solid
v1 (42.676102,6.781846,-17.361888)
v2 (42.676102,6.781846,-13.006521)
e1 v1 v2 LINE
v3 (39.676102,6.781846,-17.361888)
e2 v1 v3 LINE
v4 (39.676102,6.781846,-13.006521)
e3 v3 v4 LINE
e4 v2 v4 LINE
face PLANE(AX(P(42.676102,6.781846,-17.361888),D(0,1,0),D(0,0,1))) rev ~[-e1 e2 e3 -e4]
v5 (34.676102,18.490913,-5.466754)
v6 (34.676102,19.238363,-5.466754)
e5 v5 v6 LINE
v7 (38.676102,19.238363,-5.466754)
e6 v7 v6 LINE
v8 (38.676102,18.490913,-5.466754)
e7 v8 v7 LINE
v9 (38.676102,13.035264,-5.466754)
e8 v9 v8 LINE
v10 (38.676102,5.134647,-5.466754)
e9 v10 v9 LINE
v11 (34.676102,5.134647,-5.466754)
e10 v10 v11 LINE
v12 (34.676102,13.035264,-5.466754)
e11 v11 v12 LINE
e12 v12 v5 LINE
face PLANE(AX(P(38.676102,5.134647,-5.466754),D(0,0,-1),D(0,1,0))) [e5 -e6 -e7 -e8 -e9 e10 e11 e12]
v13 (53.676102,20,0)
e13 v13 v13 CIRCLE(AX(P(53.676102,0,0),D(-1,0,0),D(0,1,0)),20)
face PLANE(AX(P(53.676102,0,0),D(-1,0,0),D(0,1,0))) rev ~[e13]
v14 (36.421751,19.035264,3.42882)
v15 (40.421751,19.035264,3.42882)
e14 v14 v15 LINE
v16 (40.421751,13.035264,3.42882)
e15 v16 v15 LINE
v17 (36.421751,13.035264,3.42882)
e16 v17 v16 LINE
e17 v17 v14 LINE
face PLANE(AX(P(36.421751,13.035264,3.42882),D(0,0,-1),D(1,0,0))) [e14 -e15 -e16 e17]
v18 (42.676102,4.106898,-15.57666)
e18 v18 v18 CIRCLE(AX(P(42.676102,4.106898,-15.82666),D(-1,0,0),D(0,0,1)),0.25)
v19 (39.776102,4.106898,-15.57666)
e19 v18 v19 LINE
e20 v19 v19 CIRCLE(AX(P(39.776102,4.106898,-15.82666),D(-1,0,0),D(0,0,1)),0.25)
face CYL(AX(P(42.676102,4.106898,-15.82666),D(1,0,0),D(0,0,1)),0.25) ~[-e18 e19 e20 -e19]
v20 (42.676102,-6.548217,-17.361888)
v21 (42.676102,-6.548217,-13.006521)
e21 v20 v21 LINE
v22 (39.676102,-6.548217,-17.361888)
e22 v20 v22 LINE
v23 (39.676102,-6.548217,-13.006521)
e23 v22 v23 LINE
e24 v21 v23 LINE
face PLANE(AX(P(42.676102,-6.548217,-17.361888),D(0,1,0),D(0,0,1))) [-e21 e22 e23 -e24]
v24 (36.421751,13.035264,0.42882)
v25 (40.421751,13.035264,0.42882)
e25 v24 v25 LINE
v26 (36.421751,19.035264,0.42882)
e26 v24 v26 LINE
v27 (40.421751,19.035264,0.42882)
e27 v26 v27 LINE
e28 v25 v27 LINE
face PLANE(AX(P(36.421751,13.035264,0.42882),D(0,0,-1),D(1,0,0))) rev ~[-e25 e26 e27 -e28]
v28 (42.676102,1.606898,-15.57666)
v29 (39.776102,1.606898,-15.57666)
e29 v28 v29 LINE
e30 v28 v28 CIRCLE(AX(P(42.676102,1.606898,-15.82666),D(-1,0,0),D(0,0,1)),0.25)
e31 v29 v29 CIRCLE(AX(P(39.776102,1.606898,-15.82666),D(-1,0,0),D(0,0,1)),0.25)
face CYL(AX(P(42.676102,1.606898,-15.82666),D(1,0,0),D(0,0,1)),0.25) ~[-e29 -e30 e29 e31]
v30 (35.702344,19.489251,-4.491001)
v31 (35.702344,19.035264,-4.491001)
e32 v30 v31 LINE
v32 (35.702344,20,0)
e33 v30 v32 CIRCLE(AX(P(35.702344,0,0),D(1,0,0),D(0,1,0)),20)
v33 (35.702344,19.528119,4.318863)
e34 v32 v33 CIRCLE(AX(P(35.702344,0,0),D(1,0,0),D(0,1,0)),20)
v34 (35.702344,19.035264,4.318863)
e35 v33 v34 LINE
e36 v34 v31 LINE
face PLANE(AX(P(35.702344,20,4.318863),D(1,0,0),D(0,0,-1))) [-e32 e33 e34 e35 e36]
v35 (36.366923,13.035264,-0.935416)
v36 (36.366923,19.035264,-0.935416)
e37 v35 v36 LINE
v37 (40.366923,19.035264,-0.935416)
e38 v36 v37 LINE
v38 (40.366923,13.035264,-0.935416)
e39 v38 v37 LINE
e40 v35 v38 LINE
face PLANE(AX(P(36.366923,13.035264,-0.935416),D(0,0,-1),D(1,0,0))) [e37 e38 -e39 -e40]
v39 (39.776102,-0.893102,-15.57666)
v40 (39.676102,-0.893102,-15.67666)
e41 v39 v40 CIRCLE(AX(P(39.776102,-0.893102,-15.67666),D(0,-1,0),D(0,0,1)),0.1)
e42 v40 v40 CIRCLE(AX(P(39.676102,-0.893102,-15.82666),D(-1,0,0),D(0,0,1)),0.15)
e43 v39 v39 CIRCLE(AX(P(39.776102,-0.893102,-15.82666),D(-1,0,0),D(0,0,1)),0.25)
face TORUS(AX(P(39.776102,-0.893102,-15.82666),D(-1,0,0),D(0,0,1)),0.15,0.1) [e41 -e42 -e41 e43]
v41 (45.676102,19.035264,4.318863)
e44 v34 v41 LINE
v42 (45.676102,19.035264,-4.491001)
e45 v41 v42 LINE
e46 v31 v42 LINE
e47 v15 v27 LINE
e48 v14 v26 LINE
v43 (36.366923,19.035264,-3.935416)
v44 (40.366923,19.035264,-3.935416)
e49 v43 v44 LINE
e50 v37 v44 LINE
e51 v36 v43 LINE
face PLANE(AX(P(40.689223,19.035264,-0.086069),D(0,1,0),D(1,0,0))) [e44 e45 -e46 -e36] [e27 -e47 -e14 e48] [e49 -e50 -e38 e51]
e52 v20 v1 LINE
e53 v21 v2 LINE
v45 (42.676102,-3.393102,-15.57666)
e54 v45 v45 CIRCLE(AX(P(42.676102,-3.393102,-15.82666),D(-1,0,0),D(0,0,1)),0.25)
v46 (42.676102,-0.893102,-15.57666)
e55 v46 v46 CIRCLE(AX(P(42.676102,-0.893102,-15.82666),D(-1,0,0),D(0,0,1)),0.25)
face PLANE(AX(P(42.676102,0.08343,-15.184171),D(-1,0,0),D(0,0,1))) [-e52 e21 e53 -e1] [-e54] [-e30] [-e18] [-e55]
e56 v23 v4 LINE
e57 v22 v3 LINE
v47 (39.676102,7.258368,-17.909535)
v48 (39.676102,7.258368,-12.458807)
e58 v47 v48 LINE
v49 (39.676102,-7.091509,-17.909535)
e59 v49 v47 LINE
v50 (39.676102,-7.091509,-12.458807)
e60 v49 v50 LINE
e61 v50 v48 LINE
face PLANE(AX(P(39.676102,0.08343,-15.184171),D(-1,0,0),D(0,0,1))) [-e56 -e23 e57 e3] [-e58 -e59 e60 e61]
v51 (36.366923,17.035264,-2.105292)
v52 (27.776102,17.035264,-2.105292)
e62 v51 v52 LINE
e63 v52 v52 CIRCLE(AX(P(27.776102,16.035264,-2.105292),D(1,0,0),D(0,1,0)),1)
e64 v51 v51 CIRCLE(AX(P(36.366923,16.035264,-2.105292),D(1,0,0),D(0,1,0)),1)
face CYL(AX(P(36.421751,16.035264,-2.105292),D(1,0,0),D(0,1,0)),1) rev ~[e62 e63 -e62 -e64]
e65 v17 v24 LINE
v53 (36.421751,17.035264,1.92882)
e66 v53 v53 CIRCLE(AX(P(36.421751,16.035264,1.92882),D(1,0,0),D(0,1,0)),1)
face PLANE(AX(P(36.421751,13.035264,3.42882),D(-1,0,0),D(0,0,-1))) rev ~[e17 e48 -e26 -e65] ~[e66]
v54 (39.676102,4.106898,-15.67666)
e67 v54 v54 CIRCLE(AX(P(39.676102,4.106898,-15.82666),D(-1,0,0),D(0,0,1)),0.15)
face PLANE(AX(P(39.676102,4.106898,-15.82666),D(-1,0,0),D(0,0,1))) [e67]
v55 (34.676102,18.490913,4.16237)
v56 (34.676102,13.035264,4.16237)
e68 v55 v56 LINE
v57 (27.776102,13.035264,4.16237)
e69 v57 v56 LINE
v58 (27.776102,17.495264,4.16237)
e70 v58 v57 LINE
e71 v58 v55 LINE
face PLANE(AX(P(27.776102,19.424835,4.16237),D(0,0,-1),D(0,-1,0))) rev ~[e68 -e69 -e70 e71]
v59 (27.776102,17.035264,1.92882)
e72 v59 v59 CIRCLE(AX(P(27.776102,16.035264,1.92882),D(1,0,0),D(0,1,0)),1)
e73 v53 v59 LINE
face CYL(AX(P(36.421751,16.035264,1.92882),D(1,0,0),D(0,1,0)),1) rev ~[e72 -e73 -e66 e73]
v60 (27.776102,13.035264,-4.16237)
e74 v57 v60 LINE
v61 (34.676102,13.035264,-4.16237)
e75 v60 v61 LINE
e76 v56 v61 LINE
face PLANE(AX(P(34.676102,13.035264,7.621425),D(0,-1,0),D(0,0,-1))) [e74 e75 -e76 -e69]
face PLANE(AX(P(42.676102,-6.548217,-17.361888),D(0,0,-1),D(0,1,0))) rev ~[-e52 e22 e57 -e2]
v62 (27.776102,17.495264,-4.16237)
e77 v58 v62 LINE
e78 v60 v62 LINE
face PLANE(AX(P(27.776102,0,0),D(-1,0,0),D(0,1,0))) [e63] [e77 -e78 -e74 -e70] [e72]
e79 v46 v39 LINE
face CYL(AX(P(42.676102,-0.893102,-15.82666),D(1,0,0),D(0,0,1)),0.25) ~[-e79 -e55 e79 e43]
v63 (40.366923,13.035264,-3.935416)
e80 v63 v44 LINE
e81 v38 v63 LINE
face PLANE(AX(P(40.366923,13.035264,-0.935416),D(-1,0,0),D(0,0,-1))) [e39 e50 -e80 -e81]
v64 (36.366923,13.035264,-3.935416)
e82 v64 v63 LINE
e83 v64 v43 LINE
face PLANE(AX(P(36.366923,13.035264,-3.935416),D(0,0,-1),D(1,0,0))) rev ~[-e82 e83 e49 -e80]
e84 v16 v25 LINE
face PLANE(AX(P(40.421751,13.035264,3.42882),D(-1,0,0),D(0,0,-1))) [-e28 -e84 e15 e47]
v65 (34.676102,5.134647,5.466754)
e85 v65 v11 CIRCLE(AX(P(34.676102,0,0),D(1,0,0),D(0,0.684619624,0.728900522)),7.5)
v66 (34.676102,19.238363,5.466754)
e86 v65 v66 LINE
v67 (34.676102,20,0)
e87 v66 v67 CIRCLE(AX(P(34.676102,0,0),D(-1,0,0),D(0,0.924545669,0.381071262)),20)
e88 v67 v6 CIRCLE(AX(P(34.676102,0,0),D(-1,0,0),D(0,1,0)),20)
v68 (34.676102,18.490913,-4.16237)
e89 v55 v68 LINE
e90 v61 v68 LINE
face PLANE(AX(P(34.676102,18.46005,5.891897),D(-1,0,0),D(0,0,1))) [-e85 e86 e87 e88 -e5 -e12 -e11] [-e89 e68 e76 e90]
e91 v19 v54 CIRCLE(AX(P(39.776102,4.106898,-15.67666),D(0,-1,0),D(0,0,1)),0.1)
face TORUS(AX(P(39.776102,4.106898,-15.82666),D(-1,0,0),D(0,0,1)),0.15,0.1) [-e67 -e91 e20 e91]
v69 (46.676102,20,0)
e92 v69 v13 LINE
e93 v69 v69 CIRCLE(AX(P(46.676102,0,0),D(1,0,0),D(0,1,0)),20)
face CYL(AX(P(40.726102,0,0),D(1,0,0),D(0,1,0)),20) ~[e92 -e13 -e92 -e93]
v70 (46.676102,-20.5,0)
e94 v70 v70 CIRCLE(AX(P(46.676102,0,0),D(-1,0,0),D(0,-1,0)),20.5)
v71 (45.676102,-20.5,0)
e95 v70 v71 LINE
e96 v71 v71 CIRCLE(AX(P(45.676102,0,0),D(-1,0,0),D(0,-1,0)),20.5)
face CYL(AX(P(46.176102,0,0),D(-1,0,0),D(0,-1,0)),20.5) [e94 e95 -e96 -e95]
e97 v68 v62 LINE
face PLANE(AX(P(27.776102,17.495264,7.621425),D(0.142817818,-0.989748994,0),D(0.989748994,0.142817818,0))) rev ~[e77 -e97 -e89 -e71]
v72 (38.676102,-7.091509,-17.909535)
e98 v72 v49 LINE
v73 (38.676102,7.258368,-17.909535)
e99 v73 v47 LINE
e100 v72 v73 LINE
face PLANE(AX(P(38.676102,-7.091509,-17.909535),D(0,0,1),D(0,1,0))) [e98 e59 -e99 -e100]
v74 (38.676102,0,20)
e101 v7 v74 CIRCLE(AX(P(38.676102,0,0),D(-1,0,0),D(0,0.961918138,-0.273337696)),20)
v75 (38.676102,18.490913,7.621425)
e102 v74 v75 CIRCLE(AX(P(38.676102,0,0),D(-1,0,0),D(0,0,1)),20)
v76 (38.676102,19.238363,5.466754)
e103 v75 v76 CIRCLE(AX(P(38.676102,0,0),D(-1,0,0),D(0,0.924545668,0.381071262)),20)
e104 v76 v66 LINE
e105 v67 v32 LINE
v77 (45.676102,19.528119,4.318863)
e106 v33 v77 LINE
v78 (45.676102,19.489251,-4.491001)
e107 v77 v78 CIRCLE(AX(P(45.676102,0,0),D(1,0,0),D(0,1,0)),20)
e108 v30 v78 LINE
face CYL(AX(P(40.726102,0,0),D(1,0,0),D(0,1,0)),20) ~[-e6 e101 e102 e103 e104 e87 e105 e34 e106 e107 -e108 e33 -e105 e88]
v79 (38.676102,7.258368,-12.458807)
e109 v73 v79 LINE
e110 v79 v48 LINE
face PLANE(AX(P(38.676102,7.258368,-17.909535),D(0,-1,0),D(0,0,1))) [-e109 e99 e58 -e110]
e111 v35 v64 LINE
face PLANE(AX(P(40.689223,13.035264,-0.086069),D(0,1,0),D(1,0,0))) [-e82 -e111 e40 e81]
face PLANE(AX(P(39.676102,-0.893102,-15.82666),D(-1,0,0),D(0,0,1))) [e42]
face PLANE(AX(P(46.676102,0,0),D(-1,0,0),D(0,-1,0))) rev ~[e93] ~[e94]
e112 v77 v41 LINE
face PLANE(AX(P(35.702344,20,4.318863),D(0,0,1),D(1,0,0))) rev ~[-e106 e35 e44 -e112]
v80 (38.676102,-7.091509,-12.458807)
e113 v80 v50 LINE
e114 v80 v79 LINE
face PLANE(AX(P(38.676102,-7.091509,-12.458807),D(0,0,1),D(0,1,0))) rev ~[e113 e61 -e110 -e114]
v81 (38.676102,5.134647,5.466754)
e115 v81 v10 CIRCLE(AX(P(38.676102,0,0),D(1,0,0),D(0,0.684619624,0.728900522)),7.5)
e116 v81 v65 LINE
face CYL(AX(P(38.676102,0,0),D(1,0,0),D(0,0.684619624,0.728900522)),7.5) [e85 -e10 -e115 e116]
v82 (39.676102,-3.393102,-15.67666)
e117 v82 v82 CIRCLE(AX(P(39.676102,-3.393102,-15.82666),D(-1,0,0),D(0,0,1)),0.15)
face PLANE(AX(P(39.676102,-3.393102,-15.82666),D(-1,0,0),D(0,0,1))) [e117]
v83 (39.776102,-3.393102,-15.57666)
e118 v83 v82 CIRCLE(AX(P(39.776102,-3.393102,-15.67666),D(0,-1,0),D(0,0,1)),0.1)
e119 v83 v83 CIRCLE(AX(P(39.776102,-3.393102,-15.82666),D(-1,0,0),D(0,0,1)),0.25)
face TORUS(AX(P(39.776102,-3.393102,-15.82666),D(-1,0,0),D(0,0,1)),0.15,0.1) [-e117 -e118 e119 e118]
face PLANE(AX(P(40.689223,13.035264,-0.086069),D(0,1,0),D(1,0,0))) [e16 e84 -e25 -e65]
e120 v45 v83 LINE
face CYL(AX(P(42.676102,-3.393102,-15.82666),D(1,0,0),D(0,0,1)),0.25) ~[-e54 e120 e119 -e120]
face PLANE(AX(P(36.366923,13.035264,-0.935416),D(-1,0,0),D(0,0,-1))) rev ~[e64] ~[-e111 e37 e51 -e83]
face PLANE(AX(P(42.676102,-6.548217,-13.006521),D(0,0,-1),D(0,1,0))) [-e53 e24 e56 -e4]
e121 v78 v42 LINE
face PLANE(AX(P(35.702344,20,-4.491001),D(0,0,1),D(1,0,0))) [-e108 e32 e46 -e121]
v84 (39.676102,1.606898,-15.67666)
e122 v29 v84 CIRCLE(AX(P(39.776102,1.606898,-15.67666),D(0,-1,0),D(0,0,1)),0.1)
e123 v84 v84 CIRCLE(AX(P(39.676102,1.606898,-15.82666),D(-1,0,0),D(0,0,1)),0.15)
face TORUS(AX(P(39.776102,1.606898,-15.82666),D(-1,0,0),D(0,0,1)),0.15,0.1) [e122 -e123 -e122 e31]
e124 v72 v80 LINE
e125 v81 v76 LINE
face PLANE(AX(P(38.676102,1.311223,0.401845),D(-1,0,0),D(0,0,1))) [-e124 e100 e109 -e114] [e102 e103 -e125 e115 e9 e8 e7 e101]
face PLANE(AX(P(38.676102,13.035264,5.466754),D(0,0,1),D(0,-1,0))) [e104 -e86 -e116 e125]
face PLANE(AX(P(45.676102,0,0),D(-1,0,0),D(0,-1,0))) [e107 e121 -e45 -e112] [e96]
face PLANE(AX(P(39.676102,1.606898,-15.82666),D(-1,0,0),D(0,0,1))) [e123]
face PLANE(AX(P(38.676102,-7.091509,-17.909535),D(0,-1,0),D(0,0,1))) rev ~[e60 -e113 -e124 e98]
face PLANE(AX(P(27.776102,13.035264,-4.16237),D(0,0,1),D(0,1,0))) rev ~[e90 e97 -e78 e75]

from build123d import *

# Parameters (mm, degrees)
SKETCH1_W           = 25.9
SKETCH1_H           = 20
CUT_EXTRUDE1_START  = -6.9
CUT_EXTRUDE1_DEPTH  = 6.9
CUT_EXTRUDE3_DEPTH  = 37.9
CUT_EXTRUDE4_START  = -4
CUT_EXTRUDE4_DEPTH  = 4
SKETCH5_W           = 3.079292118
SKETCH5_H           = 1.929571357
SKETCH5_H_2         = 4.46
SKETCH5_W_2         = 3.459055715
CUT_EXTRUDE5_DEPTH  = 6.9
CUT_EXTRUDE6_START  = -4
SKETCH6_W           = 1.774907729
SKETCH6_H           = 5.455649351
CUT_EXTRUDE6_DEPTH  = 4
SKETCH7_R           = 20.5
BOSS_EXTRUDE1_DEPTH = 0.5
SKETCH8_W           = 5.450728154
SKETCH8_H           = 14.349876159
CUT_EXTRUDE7_DEPTH  = 4
SKETCH9_W           = 5.450728154
SKETCH9_H           = 14.349876159
SKETCH9_W_2         = 4.355367047
SKETCH9_H_2         = 13.330062778
BOSS_EXTRUDE2_DEPTH = 3
SKETCH10_R          = 0.25
BOSS_EXTRUDE3_DEPTH = 3
FILLET1_R           = 0.1
FILLET2_R           = 0.1
FILLET3_R           = 0.1
FILLET4_R           = 0.1
SKETCH11_W          = 9.973758266
SKETCH11_H          = 8.809863574
CUT_EXTRUDE8_DEPTH  = 6.964735979
SKETCH12_W          = 9.973758266
SKETCH12_H          = 8.809863574
SKETCH12_W_2        = 4
SKETCH12_H_2        = 3
BOSS_EXTRUDE4_DEPTH = 6
SKETCH14_R          = 1
CUT_EXTRUDE9_DEPTH  = 12


with BuildPart() as part:
    # Sketch1 → Revolve1 (revolve)
    with BuildSketch(Plane.XY, mode=Mode.PRIVATE) as revolve1_sk:
        with Locations((40.726102109, -10)):
            Rectangle(SKETCH1_W, SKETCH1_H)
    revolve(revolve1_sk.sketch.rotate(Axis((71.094105119, 0, 0), (-1, 0, 0)), 180), axis=Axis((71.094105119, 0, 0), (-1, 0, 0)))

    # Sketch2 → Cut-Extrude1 (cut)
    with BuildSketch(Plane.ZY.offset(-27.776102109).offset(CUT_EXTRUDE1_START)):
        with BuildLine():
            ThreePointArc((7.621425239, 18.490913372), (0.204527107, 19.998954189), (-7.241661642, 18.642916528))
            Line((-7.241661642, 18.642916528), (7.621425239, 18.490913372))
        make_face()
        with BuildLine():
            Line((-7.241661642, 13.035264021), (-7.241661642, 18.642916528))
            ThreePointArc((-7.241661642, 18.642916528), (-11.295281474, -16.50504821), (20, 0))
            ThreePointArc((20, 0), (16.619694714, 11.12590435), (7.621425239, 18.490913372))
            Line((7.621425239, 18.490913372), (7.621425239, 13.035264021))
            Line((7.621425239, 13.035264021), (-7.241661642, 13.035264021))
        make_face()
    extrude(amount=CUT_EXTRUDE1_DEPTH, mode=Mode.SUBTRACT)

    # Sketch3 → Cut-Extrude3 (cut)
    with BuildSketch(Plane.XY.offset(7.621425239)):
        Polygon((27.776102109, 17.495264021), (34.676102109, 18.490913372), (27.776102109, 18.490913372), align=None)
        Polygon((27.776102109, 18.490913372), (34.676102109, 18.490913372), (34.676102109, 18.667614819), (27.776102109, 19.075412015), align=None)
    extrude(amount=-CUT_EXTRUDE3_DEPTH, mode=Mode.SUBTRACT)

    # Sketch4 → Cut-Extrude4 (cut)
    with BuildSketch(Plane.ZY.offset(-34.676102109).offset(CUT_EXTRUDE4_START)):
        with BuildLine():
            ThreePointArc((5.466753913, 5.13464718), (0, -7.5), (-5.466753913, 5.13464718))
            Line((-5.466753913, 5.13464718), (-5.466753913, 13.035264021))
            Line((-5.466753913, 13.035264021), (-7.241661642, 13.035264021))
            Line((-7.241661642, 13.035264021), (-7.241661642, 18.490913372))
            Line((-7.241661642, 18.490913372), (-5.466753913, 18.490913372))
            Line((-5.466753913, 18.490913372), (-5.466753913, 19.238362759))
            ThreePointArc((-5.466753913, 19.238362759), (-12.055391361, -15.958306274), (20, 0))
            ThreePointArc((20, 0), (16.619694714, 11.12590435), (7.621425239, 18.490913372))
            Line((7.621425239, 18.490913372), (7.621425239, 13.035264021))
            Line((7.621425239, 13.035264021), (5.466753913, 13.035264021))
            Line((5.466753913, 13.035264021), (5.466753913, 5.13464718))
        make_face()
    extrude(amount=CUT_EXTRUDE4_DEPTH, mode=Mode.SUBTRACT)

    # Sketch5 → Cut-Extrude5 (cut)
    with BuildSketch(Plane.ZY.offset(-27.776102109)):
        with Locations((-5.702015583, 18.4600497)):
            Rectangle(SKETCH5_W, SKETCH5_H)
        with Locations((-5.702015583, 15.265264021)):
            Rectangle(SKETCH5_W, SKETCH5_H_2)
        with Locations((5.891897381, 18.4600497)):
            Rectangle(SKETCH5_W_2, SKETCH5_H)
        with Locations((5.891897381, 15.265264021)):
            Rectangle(SKETCH5_W_2, SKETCH5_H_2)
    extrude(amount=-CUT_EXTRUDE5_DEPTH, mode=Mode.SUBTRACT)

    # Sketch6 → Cut-Extrude6 (cut)
    with BuildSketch(Plane.ZY.offset(-34.676102109).offset(CUT_EXTRUDE6_START)):
        with BuildLine():
            Line((5.466753913, 19.238362759), (5.466753913, 13.035264021))
            Line((5.466753913, 13.035264021), (7.621425239, 13.035264021))
            Line((7.621425239, 13.035264021), (7.621425239, 18.490913372))
            ThreePointArc((7.621425239, 18.490913372), (6.554752362, 18.895375664), (5.466753913, 19.238362759))
        make_face()
        with Locations((-6.354207778, 15.763088697)):
            Rectangle(SKETCH6_W, SKETCH6_H)
    extrude(amount=CUT_EXTRUDE6_DEPTH, mode=Mode.SUBTRACT)

    # Sketch7 → Boss-Extrude1 (add, symmetric)
    with BuildSketch(Plane.ZY.offset(-46.176102109)):
        with Locations(Location((0, 0, 0), (0, 0, 270))):
            Circle(SKETCH7_R)
    extrude(amount=BOSS_EXTRUDE1_DEPTH, both=True)

    # Sketch8 → Cut-Extrude7 (cut)
    with BuildSketch(Plane.ZY.offset(-38.676102109)):
        with Locations((-15.184171285, 0.083429512)):
            Rectangle(SKETCH8_W, SKETCH8_H)
    extrude(amount=-CUT_EXTRUDE7_DEPTH, mode=Mode.SUBTRACT)

    # Sketch9 → Boss-Extrude2 (add)
    with BuildSketch(Plane.ZY.offset(-42.676102109)):
        with Locations((-15.184171285, 0.083429512)):
            Rectangle(SKETCH9_W, SKETCH9_H)
        with Locations((-15.184204235, 0.116814581)):
            Rectangle(SKETCH9_W_2, SKETCH9_H_2, mode=Mode.SUBTRACT)
    extrude(amount=BOSS_EXTRUDE2_DEPTH)

    # Sketch10 → Boss-Extrude3 (add)
    with BuildSketch(Plane.ZY.offset(-42.676102109)):
        with Locations((-15.826659994, 4.106898055)):
            Circle(SKETCH10_R)
        with Locations((-15.826659994, 1.606898055)):
            Circle(SKETCH10_R)
        with Locations((-15.826659994, -3.393101945)):
            Circle(SKETCH10_R)
        with Locations((-15.826659994, -0.893101945)):
            Circle(SKETCH10_R)
    extrude(amount=BOSS_EXTRUDE3_DEPTH)

    # Fillet1
    fillet1_edges = [part.edges().sort_by_distance(p)[0] for p in [
        (39.676102109, 4.106898055, -16.076659994),
    ]]
    fillet(fillet1_edges, radius=FILLET1_R)

    # Fillet2
    fillet2_edges = [part.edges().sort_by_distance(p)[0] for p in [
        (39.676102109, 1.606898055, -16.076659994),
    ]]
    fillet(fillet2_edges, radius=FILLET2_R)

    # Fillet3
    fillet3_edges = [part.edges().sort_by_distance(p)[0] for p in [
        (39.676102109, -0.893101945, -16.076659994),
    ]]
    fillet(fillet3_edges, radius=FILLET3_R)

    # Fillet4
    fillet4_edges = [part.edges().sort_by_distance(p)[0] for p in [
        (39.676102109, -3.393101945, -16.076659994),
    ]]
    fillet(fillet4_edges, radius=FILLET4_R)

    # Sketch11 → Cut-Extrude8 (cut)
    with BuildSketch(Plane(origin=(0, 20, 0), x_dir=(1, 0, 0), z_dir=(0, 1, 0))):
        with Locations((40.689222976, 0.086069267)):
            Rectangle(SKETCH11_W, SKETCH11_H)
    extrude(amount=-CUT_EXTRUDE8_DEPTH, mode=Mode.SUBTRACT)

    # Sketch12 → Boss-Extrude4 (add)
    with BuildSketch(Plane(origin=(0, 13.035264021, 0), x_dir=(1, 0, 0), z_dir=(0, 1, 0))):
        with Locations((40.689222976, 0.086069267)):
            Rectangle(SKETCH12_W, SKETCH12_H)
        with Locations((38.421750687, -1.928820044)):
            Rectangle(SKETCH12_W_2, SKETCH12_H_2, mode=Mode.SUBTRACT)
        with Locations((38.366922829, 2.435416113)):
            Rectangle(SKETCH12_W_2, SKETCH12_H_2, mode=Mode.SUBTRACT)
    extrude(amount=BOSS_EXTRUDE4_DEPTH)

    # Sketch14 → Cut-Extrude9 (cut)
    with BuildSketch(Plane(origin=(36.421750687, 0, 0), x_dir=(0, 0, -1), z_dir=(1, 0, 0))):
        with Locations(Location((-1.928820044, 16.035264021, 0), (0, 0, 90))):
            Circle(SKETCH14_R)
        with Locations(Location((2.105292071, 16.035264021, 0), (0, 0, 90))):
            Circle(SKETCH14_R)
    extrude(amount=-CUT_EXTRUDE9_DEPTH, mode=Mode.SUBTRACT)


solid = part.part
